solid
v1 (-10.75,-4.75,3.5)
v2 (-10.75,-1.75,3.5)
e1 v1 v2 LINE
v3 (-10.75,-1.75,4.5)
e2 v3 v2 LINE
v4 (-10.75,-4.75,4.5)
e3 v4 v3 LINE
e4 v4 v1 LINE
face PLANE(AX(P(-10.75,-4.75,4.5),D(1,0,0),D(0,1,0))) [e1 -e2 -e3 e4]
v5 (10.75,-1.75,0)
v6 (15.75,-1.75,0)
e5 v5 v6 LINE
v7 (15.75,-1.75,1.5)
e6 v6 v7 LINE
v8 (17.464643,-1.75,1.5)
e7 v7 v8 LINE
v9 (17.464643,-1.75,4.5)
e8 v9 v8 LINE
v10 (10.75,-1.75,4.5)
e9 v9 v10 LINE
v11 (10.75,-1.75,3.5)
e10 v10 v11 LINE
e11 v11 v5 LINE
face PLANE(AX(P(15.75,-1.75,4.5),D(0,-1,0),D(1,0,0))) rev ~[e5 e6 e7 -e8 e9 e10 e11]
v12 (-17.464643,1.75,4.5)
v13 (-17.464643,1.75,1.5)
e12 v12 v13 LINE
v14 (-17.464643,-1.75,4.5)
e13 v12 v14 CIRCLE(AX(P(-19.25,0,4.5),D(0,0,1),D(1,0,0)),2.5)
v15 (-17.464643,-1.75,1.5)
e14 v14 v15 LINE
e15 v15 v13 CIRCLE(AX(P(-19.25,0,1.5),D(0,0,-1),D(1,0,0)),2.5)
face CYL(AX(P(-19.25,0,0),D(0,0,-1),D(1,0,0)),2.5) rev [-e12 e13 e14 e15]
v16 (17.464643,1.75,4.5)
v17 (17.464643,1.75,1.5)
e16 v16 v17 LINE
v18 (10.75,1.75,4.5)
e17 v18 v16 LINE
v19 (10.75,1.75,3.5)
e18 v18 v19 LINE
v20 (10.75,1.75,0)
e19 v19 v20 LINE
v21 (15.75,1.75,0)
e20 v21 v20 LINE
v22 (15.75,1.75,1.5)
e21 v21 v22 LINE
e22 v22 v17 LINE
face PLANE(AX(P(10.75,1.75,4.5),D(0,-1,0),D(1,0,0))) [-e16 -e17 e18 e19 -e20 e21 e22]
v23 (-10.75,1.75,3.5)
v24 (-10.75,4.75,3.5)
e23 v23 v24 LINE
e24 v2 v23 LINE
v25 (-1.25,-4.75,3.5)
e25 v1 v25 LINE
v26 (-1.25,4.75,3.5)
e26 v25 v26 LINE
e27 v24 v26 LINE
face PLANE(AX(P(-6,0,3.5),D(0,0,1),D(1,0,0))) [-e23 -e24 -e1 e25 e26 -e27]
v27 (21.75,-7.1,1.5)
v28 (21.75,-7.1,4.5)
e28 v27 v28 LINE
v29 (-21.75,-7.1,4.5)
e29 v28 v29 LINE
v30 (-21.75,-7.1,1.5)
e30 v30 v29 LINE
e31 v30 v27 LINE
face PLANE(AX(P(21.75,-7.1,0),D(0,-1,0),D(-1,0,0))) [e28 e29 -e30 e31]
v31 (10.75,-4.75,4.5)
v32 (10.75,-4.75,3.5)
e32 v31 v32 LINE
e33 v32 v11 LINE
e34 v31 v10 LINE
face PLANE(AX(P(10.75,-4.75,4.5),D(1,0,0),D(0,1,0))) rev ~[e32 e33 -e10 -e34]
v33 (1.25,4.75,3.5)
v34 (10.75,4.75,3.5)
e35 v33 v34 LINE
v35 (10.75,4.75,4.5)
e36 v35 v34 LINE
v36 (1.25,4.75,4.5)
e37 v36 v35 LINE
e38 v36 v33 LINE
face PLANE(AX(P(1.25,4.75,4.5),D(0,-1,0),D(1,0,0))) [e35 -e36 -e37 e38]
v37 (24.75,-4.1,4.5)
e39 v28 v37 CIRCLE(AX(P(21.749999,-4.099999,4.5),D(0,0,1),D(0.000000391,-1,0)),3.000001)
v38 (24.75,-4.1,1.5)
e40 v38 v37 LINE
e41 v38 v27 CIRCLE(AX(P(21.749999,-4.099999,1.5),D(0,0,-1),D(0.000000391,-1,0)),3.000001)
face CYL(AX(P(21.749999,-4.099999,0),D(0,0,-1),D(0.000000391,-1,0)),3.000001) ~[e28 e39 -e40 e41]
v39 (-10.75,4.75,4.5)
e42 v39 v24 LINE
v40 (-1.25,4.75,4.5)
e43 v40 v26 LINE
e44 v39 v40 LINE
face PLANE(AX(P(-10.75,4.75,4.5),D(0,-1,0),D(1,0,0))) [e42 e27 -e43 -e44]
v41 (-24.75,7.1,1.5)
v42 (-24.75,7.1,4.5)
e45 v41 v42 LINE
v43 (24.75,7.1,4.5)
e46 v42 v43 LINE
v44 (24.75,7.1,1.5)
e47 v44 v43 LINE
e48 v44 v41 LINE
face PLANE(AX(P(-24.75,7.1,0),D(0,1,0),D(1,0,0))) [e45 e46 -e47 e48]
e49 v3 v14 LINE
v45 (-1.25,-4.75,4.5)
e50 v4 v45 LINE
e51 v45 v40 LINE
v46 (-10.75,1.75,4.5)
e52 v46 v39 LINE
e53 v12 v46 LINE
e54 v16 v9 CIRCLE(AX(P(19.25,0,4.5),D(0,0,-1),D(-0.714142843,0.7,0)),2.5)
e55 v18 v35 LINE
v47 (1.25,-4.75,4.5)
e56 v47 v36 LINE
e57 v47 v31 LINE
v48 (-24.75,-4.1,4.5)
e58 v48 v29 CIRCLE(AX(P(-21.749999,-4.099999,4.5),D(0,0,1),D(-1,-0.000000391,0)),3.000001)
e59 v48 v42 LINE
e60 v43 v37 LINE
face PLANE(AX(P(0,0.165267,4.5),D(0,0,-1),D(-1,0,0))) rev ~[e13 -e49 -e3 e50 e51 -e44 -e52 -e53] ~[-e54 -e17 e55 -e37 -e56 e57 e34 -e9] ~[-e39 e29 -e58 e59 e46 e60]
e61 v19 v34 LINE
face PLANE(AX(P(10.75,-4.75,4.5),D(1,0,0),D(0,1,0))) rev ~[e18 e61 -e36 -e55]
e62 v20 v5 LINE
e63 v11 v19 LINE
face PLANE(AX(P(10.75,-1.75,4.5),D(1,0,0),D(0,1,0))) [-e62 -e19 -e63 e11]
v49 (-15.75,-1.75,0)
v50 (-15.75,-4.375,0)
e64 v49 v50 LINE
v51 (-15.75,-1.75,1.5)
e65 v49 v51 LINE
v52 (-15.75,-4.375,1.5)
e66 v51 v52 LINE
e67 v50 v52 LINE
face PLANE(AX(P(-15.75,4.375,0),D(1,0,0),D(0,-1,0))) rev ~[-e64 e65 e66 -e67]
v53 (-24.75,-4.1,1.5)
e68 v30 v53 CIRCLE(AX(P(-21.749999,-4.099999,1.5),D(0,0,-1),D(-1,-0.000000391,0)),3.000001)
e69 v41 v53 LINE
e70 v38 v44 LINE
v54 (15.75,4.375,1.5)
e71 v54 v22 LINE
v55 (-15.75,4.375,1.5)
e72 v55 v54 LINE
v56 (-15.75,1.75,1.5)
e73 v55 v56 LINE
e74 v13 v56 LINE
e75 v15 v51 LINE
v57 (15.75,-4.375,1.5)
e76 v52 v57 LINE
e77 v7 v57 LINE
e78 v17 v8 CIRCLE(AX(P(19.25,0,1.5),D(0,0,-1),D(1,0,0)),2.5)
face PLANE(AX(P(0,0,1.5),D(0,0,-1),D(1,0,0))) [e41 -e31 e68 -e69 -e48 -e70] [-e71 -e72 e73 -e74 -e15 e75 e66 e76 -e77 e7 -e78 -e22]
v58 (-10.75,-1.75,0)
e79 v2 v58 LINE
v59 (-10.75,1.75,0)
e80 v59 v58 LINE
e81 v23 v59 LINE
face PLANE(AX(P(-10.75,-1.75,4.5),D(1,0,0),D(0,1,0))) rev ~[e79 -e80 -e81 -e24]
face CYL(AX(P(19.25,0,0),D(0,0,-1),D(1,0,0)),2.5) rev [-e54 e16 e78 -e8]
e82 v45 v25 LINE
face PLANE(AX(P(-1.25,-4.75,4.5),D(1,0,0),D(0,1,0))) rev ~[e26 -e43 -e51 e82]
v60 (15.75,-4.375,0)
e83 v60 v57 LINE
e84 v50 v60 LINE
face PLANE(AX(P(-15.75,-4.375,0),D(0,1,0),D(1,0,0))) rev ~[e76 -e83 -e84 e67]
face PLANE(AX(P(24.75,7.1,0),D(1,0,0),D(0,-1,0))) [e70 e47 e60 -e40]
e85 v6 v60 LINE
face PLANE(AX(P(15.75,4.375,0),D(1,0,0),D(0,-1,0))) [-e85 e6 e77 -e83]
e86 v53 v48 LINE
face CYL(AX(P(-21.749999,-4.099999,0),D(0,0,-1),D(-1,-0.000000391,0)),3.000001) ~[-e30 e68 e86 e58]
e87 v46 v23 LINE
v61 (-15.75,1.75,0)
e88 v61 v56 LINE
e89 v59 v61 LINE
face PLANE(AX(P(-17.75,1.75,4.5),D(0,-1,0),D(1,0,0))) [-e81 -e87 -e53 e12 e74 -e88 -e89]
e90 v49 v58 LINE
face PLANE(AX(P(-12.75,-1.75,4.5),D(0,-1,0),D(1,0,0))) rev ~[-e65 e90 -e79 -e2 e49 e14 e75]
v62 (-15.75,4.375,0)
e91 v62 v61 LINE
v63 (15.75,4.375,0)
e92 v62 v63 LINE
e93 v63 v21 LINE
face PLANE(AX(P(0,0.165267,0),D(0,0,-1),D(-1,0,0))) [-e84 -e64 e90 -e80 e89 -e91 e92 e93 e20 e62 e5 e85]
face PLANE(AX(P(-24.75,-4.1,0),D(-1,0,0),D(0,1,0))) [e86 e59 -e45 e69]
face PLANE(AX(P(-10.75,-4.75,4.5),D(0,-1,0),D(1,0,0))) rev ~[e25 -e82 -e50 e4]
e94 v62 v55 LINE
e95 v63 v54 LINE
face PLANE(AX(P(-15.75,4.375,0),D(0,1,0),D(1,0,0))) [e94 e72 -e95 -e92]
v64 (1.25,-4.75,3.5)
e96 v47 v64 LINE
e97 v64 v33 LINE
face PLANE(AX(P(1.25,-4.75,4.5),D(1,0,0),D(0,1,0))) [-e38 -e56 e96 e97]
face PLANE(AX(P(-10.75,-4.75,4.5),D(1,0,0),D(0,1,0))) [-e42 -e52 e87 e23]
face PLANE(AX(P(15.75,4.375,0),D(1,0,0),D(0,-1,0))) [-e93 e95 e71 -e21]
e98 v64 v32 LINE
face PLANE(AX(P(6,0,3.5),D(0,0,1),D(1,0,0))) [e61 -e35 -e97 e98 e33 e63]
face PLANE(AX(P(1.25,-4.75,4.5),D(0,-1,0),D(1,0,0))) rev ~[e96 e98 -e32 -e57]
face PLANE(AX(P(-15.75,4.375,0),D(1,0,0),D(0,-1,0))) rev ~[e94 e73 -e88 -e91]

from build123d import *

# Parameters (mm, degrees)
SKETCH_R        = 2.5
PAD_DEPTH       = 4.5
SKETCH001_W     = 9.5
SKETCH001_H     = 9.5
POCKET_DEPTH    = 1
SKETCH002_W     = 2
SKETCH002_H     = 3.5
POCKET001_DEPTH = 5
SKETCH003_W     = 7
SKETCH003_H     = 3.5
POCKET002_DEPTH = 5
SKETCH004_W     = 52
SKETCH004_H     = 16
SKETCH004_W_2   = 31.5
SKETCH004_H_2   = 8.75
POCKET003_DEPTH = 1.5


with BuildPart() as part:
    # Sketch → Pad (new body)
    with BuildSketch(Plane.XY):
        with BuildLine():
            Line((-24.75, 7.1), (24.75, 7.1))
            Line((24.75, 7.1), (24.75, -4.1))
            ThreePointArc((21.75, -7.1), (23.87132, -6.22132), (24.75, -4.1))
            Line((21.75, -7.1), (-21.75, -7.1))
            ThreePointArc((-24.75, -4.1), (-23.87132, -6.22132), (-21.75, -7.1))
            Line((-24.75, -4.1), (-24.75, 7.1))
        make_face()
        with Locations((-19.25, 0)):
            Circle(SKETCH_R, mode=Mode.SUBTRACT)
        with Locations((19.25, 0)):
            Circle(SKETCH_R, mode=Mode.SUBTRACT)
    extrude(amount=PAD_DEPTH)

    # Sketch001 (on DatumPlane) → Pocket (cut)
    with BuildSketch(Plane.XY.offset(4.5)):
        with Locations((-6, 0)):
            Rectangle(SKETCH001_W, SKETCH001_H)
        with Locations((6, 0)):
            Rectangle(SKETCH001_W, SKETCH001_H)
    extrude(amount=-POCKET_DEPTH, mode=Mode.SUBTRACT)

    # Sketch002 (on DatumPlane) → Pocket001 (cut)
    with BuildSketch(Plane.XY.offset(4.5)):
        with Locations((-11.75, 0)):
            Rectangle(SKETCH002_W, SKETCH002_H)
        with Locations((11.75, 0)):
            Rectangle(SKETCH002_W, SKETCH002_H)
        with Locations((-16.75, 0)):
            Rectangle(SKETCH002_W, SKETCH002_H)
        with Locations((16.75, 0)):
            Rectangle(SKETCH002_W, SKETCH002_H)
    extrude(amount=-POCKET001_DEPTH, mode=Mode.SUBTRACT)

    # Sketch003 (on DatumPlane) → Pocket002 (cut)
    with BuildSketch(Plane.XY.offset(4.5)):
        with Locations((-14.25, 0)):
            Rectangle(SKETCH003_W, SKETCH003_H)
        with Locations((14.25, 0)):
            Rectangle(SKETCH003_W, SKETCH003_H)
    extrude(amount=-POCKET002_DEPTH, mode=Mode.SUBTRACT)

    # Sketch004 (on DatumPlane) → Pocket003 (cut)
    with BuildSketch(Plane(origin=(0, 0, 0), x_dir=(1, 0, 0), z_dir=(0, 0, -1))):
        Rectangle(SKETCH004_W, SKETCH004_H)
        Rectangle(SKETCH004_W_2, SKETCH004_H_2, mode=Mode.SUBTRACT)
    extrude(amount=-POCKET003_DEPTH, mode=Mode.SUBTRACT)


solid = part.part
